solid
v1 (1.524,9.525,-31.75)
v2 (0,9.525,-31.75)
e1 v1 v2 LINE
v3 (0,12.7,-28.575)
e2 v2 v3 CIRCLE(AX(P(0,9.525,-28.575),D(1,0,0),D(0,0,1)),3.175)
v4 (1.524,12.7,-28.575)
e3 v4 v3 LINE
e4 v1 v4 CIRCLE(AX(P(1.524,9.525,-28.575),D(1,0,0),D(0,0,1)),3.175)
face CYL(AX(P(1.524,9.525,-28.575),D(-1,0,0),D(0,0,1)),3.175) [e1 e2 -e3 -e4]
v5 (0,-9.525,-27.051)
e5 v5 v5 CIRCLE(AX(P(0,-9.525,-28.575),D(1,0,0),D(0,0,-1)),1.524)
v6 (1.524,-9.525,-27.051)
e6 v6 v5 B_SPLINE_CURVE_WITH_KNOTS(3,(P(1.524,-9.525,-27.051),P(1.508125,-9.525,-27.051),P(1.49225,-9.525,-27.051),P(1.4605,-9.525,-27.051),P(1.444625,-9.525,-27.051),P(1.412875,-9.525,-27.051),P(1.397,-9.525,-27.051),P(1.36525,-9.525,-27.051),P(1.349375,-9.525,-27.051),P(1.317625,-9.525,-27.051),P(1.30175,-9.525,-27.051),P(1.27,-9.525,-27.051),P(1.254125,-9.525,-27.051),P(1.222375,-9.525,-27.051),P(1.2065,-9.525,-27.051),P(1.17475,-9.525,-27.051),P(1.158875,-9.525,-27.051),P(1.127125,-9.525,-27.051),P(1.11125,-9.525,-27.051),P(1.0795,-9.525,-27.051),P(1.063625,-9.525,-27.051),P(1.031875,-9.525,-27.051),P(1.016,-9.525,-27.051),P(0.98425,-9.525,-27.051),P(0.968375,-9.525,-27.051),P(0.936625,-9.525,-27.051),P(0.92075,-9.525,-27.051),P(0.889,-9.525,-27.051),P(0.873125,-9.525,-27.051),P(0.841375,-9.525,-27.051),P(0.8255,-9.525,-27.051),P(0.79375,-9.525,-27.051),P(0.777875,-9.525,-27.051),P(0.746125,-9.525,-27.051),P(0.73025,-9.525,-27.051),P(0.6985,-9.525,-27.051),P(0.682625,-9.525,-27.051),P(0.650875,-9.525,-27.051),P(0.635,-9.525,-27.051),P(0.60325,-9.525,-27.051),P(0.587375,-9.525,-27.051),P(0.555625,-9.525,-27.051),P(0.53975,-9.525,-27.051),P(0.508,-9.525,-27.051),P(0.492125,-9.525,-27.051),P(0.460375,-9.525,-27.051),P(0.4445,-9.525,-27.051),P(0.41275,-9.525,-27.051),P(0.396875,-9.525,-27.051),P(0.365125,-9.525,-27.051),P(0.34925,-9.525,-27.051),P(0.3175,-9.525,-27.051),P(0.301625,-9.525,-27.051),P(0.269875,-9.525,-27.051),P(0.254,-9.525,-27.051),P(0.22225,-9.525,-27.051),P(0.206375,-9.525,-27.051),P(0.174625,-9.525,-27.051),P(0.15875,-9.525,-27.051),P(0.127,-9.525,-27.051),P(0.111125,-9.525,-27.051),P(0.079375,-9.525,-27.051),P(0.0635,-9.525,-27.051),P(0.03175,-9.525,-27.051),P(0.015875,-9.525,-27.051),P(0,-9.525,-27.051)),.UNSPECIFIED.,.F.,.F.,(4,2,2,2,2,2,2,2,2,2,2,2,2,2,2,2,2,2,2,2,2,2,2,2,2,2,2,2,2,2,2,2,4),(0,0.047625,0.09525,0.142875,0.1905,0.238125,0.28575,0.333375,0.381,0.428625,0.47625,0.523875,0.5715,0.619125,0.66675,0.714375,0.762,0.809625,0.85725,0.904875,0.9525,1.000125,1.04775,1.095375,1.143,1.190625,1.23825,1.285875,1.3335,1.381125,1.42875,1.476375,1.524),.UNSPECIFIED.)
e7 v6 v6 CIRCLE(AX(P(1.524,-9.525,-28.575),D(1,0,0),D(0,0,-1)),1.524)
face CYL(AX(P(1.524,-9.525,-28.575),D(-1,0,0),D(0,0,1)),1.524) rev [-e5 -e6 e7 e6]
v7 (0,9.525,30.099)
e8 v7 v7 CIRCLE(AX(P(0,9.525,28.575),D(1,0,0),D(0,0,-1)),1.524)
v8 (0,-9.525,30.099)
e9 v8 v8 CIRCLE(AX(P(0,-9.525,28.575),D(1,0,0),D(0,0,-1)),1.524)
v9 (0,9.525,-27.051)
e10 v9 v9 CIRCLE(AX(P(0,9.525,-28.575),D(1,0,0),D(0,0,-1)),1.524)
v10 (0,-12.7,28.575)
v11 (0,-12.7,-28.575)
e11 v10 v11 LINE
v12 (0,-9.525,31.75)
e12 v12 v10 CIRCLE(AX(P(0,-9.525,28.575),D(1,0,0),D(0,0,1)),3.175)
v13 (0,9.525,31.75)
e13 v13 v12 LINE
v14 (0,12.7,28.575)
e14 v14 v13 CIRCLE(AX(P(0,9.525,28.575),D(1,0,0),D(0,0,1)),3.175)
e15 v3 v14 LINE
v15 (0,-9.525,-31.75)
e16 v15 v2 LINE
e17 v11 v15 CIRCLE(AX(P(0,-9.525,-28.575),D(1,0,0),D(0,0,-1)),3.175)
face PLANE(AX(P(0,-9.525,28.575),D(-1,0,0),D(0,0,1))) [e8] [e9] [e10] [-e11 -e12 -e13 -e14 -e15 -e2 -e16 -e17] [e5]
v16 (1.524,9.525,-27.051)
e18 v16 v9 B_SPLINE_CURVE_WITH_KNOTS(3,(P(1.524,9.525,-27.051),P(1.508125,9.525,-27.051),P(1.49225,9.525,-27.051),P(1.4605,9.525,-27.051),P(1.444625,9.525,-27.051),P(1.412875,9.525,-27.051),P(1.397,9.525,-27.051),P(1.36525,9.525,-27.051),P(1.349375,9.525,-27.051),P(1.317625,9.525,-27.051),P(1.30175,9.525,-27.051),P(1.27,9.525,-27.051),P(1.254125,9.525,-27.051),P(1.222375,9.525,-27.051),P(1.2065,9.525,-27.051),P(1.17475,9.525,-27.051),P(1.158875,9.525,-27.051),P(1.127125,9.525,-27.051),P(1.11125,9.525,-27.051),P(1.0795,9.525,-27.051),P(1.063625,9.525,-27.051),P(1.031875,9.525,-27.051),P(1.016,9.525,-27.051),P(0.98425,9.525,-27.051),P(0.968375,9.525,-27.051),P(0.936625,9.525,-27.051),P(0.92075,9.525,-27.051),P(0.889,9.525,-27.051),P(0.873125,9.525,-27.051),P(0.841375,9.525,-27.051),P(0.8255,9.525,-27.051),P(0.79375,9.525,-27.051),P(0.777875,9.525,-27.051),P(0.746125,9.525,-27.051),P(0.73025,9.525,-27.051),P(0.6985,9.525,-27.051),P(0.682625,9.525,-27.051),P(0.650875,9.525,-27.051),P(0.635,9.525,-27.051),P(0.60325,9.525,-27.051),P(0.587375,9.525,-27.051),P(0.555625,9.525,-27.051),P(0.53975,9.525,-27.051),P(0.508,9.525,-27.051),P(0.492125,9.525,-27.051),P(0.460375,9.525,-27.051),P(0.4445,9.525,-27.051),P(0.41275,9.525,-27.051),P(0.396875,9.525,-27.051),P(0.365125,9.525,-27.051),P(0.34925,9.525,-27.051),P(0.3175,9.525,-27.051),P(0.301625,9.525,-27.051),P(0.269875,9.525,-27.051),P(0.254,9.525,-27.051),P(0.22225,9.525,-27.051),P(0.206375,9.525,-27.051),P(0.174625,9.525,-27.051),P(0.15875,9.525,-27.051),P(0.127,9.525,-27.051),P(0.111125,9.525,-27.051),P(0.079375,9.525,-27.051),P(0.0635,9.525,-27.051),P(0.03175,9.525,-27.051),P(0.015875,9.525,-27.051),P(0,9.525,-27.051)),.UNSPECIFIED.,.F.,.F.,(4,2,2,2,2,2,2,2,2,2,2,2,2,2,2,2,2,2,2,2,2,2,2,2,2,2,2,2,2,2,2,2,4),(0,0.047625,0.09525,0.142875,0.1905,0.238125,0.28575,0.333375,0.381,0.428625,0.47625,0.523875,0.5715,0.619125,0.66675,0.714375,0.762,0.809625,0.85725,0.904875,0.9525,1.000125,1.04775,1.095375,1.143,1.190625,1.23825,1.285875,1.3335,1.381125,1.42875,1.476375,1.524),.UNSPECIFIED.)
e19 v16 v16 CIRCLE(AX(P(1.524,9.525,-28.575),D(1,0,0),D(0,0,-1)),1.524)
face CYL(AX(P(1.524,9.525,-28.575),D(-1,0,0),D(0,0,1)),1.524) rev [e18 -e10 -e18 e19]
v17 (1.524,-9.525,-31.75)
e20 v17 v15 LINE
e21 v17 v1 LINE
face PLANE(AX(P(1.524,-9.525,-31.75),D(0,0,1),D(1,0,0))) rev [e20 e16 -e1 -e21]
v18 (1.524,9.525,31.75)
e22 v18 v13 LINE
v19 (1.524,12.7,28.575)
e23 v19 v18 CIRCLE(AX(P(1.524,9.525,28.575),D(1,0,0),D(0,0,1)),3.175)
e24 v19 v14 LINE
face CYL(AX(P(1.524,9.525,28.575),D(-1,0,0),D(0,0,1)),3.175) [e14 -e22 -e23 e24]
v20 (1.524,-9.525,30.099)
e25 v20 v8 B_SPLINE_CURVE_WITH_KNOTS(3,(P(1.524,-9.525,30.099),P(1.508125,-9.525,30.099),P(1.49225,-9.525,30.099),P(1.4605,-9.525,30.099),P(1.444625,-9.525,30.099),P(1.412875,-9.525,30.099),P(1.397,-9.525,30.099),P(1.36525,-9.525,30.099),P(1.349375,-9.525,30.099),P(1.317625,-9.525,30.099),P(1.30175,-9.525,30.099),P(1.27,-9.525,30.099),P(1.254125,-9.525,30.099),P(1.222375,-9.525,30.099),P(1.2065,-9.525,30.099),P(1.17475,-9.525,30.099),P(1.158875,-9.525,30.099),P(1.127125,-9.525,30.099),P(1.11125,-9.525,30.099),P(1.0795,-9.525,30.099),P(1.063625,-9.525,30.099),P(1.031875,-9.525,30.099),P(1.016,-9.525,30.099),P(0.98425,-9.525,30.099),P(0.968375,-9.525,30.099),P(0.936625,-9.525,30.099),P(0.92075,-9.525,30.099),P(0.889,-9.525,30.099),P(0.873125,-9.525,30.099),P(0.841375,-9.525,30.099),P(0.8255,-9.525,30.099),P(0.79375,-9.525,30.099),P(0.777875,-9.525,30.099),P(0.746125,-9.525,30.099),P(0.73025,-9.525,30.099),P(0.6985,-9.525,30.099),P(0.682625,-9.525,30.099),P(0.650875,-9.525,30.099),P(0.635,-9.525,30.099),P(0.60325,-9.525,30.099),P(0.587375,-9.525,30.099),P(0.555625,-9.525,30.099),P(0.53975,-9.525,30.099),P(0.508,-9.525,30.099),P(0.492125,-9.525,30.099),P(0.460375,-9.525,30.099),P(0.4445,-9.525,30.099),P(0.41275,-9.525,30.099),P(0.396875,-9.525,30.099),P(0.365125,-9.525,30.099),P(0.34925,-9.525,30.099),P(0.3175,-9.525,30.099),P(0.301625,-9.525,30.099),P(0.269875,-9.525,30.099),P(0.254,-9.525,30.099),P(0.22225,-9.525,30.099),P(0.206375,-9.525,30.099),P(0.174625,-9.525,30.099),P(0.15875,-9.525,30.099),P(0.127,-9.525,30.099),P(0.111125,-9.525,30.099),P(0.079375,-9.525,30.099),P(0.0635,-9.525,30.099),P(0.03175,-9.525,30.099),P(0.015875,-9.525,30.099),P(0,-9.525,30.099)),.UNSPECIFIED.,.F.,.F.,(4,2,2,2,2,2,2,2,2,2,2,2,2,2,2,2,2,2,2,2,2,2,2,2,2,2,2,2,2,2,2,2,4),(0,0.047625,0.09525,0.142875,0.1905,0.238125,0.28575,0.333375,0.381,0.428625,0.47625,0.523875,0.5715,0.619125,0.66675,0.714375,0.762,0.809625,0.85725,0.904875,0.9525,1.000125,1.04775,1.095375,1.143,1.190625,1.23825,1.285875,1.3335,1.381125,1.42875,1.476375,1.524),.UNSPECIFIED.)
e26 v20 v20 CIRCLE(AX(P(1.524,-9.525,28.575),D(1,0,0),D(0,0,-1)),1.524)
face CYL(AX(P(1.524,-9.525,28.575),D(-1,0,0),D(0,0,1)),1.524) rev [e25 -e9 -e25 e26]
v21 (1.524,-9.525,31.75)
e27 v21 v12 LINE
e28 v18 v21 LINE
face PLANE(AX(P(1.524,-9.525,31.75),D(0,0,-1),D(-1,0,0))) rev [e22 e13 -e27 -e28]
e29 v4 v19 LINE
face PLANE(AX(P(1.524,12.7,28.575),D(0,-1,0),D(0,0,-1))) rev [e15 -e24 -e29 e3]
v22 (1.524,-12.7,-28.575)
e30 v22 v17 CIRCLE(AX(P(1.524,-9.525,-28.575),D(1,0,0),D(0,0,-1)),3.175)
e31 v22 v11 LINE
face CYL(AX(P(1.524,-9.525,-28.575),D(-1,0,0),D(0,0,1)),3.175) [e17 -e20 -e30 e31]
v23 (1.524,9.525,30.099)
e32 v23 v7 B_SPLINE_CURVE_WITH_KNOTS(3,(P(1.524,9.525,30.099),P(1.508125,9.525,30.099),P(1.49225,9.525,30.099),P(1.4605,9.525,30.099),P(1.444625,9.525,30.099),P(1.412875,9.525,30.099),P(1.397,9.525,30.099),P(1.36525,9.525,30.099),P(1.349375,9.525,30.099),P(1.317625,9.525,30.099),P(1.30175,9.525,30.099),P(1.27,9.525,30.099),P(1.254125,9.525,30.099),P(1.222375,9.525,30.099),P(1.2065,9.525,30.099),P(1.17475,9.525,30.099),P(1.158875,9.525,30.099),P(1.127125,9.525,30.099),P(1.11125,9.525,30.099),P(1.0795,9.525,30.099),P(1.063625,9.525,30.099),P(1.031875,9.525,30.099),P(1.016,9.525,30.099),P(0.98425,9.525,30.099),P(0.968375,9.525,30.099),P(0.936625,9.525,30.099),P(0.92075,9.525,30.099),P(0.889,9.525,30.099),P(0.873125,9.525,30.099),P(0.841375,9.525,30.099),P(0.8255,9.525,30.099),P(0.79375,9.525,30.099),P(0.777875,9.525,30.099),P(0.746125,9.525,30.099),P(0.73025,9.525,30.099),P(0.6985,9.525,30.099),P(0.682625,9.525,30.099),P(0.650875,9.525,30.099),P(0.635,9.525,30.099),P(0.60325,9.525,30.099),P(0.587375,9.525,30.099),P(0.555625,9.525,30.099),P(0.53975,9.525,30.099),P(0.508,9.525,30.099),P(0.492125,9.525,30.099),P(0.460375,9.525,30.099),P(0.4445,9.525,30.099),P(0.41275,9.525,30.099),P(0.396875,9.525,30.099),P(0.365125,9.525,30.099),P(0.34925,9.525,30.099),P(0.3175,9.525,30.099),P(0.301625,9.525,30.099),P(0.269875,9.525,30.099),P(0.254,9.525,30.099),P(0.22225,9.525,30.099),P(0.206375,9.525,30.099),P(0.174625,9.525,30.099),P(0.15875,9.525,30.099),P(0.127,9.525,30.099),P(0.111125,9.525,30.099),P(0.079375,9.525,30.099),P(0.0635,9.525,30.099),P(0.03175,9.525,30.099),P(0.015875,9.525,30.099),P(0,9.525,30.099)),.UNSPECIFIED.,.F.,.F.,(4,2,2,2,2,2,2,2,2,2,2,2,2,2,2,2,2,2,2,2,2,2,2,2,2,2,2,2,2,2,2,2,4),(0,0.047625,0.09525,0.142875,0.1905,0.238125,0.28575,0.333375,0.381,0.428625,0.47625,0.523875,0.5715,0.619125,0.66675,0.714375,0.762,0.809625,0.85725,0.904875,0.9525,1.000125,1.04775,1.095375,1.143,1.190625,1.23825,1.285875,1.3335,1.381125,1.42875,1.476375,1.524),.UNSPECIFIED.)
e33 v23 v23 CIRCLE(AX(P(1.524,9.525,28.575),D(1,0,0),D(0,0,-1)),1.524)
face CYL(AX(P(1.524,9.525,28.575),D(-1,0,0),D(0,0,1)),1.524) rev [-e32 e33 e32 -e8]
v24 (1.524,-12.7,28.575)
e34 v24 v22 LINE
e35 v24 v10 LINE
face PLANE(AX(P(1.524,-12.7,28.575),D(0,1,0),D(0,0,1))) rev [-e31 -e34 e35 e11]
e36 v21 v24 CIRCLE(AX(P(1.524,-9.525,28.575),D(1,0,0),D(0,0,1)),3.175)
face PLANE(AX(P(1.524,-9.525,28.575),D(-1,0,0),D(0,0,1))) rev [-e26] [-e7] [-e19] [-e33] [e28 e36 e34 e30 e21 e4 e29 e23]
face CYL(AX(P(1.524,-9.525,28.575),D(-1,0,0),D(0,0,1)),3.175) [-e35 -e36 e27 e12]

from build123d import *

# Parameters (mm, degrees)
SKETCH2_R           = 1.524
BOSS_EXTRUDE1_DEPTH = 1.524


with BuildPart() as part:
    # Sketch2 → Boss-Extrude1 (new body)
    with BuildSketch(Plane(origin=(0, 0, 0), x_dir=(0, 0, -1), z_dir=(1, 0, 0))):
        with BuildLine():
            Line((-28.575, -12.7), (28.575, -12.7))
            ThreePointArc((28.575, -12.7), (30.82006403, -11.77006403), (31.75, -9.525))
            Line((31.75, -9.525), (31.75, 9.525))
            ThreePointArc((31.75, 9.525), (30.82006403, 11.77006403), (28.575, 12.7))
            Line((28.575, 12.7), (-28.575, 12.7))
            ThreePointArc((-28.575, 12.7), (-30.82006403, 11.77006403), (-31.75, 9.525))
            Line((-31.75, 9.525), (-31.75, -9.525))
            ThreePointArc((-31.75, -9.525), (-30.82006403, -11.77006403), (-28.575, -12.7))
        make_face()
        with Locations(Location((-28.575, 9.525, 0), (0, 0, 180))):
            Circle(SKETCH2_R, mode=Mode.SUBTRACT)
        with Locations(Location((28.575, 9.525, 0), (0, 0, 180))):
            Circle(SKETCH2_R, mode=Mode.SUBTRACT)
        with Locations(Location((28.575, -9.525, 0), (0, 0, 180))):
            Circle(SKETCH2_R, mode=Mode.SUBTRACT)
        with Locations(Location((-28.575, -9.525, 0), (0, 0, 180))):
            Circle(SKETCH2_R, mode=Mode.SUBTRACT)
    extrude(amount=BOSS_EXTRUDE1_DEPTH)


solid = part.part
